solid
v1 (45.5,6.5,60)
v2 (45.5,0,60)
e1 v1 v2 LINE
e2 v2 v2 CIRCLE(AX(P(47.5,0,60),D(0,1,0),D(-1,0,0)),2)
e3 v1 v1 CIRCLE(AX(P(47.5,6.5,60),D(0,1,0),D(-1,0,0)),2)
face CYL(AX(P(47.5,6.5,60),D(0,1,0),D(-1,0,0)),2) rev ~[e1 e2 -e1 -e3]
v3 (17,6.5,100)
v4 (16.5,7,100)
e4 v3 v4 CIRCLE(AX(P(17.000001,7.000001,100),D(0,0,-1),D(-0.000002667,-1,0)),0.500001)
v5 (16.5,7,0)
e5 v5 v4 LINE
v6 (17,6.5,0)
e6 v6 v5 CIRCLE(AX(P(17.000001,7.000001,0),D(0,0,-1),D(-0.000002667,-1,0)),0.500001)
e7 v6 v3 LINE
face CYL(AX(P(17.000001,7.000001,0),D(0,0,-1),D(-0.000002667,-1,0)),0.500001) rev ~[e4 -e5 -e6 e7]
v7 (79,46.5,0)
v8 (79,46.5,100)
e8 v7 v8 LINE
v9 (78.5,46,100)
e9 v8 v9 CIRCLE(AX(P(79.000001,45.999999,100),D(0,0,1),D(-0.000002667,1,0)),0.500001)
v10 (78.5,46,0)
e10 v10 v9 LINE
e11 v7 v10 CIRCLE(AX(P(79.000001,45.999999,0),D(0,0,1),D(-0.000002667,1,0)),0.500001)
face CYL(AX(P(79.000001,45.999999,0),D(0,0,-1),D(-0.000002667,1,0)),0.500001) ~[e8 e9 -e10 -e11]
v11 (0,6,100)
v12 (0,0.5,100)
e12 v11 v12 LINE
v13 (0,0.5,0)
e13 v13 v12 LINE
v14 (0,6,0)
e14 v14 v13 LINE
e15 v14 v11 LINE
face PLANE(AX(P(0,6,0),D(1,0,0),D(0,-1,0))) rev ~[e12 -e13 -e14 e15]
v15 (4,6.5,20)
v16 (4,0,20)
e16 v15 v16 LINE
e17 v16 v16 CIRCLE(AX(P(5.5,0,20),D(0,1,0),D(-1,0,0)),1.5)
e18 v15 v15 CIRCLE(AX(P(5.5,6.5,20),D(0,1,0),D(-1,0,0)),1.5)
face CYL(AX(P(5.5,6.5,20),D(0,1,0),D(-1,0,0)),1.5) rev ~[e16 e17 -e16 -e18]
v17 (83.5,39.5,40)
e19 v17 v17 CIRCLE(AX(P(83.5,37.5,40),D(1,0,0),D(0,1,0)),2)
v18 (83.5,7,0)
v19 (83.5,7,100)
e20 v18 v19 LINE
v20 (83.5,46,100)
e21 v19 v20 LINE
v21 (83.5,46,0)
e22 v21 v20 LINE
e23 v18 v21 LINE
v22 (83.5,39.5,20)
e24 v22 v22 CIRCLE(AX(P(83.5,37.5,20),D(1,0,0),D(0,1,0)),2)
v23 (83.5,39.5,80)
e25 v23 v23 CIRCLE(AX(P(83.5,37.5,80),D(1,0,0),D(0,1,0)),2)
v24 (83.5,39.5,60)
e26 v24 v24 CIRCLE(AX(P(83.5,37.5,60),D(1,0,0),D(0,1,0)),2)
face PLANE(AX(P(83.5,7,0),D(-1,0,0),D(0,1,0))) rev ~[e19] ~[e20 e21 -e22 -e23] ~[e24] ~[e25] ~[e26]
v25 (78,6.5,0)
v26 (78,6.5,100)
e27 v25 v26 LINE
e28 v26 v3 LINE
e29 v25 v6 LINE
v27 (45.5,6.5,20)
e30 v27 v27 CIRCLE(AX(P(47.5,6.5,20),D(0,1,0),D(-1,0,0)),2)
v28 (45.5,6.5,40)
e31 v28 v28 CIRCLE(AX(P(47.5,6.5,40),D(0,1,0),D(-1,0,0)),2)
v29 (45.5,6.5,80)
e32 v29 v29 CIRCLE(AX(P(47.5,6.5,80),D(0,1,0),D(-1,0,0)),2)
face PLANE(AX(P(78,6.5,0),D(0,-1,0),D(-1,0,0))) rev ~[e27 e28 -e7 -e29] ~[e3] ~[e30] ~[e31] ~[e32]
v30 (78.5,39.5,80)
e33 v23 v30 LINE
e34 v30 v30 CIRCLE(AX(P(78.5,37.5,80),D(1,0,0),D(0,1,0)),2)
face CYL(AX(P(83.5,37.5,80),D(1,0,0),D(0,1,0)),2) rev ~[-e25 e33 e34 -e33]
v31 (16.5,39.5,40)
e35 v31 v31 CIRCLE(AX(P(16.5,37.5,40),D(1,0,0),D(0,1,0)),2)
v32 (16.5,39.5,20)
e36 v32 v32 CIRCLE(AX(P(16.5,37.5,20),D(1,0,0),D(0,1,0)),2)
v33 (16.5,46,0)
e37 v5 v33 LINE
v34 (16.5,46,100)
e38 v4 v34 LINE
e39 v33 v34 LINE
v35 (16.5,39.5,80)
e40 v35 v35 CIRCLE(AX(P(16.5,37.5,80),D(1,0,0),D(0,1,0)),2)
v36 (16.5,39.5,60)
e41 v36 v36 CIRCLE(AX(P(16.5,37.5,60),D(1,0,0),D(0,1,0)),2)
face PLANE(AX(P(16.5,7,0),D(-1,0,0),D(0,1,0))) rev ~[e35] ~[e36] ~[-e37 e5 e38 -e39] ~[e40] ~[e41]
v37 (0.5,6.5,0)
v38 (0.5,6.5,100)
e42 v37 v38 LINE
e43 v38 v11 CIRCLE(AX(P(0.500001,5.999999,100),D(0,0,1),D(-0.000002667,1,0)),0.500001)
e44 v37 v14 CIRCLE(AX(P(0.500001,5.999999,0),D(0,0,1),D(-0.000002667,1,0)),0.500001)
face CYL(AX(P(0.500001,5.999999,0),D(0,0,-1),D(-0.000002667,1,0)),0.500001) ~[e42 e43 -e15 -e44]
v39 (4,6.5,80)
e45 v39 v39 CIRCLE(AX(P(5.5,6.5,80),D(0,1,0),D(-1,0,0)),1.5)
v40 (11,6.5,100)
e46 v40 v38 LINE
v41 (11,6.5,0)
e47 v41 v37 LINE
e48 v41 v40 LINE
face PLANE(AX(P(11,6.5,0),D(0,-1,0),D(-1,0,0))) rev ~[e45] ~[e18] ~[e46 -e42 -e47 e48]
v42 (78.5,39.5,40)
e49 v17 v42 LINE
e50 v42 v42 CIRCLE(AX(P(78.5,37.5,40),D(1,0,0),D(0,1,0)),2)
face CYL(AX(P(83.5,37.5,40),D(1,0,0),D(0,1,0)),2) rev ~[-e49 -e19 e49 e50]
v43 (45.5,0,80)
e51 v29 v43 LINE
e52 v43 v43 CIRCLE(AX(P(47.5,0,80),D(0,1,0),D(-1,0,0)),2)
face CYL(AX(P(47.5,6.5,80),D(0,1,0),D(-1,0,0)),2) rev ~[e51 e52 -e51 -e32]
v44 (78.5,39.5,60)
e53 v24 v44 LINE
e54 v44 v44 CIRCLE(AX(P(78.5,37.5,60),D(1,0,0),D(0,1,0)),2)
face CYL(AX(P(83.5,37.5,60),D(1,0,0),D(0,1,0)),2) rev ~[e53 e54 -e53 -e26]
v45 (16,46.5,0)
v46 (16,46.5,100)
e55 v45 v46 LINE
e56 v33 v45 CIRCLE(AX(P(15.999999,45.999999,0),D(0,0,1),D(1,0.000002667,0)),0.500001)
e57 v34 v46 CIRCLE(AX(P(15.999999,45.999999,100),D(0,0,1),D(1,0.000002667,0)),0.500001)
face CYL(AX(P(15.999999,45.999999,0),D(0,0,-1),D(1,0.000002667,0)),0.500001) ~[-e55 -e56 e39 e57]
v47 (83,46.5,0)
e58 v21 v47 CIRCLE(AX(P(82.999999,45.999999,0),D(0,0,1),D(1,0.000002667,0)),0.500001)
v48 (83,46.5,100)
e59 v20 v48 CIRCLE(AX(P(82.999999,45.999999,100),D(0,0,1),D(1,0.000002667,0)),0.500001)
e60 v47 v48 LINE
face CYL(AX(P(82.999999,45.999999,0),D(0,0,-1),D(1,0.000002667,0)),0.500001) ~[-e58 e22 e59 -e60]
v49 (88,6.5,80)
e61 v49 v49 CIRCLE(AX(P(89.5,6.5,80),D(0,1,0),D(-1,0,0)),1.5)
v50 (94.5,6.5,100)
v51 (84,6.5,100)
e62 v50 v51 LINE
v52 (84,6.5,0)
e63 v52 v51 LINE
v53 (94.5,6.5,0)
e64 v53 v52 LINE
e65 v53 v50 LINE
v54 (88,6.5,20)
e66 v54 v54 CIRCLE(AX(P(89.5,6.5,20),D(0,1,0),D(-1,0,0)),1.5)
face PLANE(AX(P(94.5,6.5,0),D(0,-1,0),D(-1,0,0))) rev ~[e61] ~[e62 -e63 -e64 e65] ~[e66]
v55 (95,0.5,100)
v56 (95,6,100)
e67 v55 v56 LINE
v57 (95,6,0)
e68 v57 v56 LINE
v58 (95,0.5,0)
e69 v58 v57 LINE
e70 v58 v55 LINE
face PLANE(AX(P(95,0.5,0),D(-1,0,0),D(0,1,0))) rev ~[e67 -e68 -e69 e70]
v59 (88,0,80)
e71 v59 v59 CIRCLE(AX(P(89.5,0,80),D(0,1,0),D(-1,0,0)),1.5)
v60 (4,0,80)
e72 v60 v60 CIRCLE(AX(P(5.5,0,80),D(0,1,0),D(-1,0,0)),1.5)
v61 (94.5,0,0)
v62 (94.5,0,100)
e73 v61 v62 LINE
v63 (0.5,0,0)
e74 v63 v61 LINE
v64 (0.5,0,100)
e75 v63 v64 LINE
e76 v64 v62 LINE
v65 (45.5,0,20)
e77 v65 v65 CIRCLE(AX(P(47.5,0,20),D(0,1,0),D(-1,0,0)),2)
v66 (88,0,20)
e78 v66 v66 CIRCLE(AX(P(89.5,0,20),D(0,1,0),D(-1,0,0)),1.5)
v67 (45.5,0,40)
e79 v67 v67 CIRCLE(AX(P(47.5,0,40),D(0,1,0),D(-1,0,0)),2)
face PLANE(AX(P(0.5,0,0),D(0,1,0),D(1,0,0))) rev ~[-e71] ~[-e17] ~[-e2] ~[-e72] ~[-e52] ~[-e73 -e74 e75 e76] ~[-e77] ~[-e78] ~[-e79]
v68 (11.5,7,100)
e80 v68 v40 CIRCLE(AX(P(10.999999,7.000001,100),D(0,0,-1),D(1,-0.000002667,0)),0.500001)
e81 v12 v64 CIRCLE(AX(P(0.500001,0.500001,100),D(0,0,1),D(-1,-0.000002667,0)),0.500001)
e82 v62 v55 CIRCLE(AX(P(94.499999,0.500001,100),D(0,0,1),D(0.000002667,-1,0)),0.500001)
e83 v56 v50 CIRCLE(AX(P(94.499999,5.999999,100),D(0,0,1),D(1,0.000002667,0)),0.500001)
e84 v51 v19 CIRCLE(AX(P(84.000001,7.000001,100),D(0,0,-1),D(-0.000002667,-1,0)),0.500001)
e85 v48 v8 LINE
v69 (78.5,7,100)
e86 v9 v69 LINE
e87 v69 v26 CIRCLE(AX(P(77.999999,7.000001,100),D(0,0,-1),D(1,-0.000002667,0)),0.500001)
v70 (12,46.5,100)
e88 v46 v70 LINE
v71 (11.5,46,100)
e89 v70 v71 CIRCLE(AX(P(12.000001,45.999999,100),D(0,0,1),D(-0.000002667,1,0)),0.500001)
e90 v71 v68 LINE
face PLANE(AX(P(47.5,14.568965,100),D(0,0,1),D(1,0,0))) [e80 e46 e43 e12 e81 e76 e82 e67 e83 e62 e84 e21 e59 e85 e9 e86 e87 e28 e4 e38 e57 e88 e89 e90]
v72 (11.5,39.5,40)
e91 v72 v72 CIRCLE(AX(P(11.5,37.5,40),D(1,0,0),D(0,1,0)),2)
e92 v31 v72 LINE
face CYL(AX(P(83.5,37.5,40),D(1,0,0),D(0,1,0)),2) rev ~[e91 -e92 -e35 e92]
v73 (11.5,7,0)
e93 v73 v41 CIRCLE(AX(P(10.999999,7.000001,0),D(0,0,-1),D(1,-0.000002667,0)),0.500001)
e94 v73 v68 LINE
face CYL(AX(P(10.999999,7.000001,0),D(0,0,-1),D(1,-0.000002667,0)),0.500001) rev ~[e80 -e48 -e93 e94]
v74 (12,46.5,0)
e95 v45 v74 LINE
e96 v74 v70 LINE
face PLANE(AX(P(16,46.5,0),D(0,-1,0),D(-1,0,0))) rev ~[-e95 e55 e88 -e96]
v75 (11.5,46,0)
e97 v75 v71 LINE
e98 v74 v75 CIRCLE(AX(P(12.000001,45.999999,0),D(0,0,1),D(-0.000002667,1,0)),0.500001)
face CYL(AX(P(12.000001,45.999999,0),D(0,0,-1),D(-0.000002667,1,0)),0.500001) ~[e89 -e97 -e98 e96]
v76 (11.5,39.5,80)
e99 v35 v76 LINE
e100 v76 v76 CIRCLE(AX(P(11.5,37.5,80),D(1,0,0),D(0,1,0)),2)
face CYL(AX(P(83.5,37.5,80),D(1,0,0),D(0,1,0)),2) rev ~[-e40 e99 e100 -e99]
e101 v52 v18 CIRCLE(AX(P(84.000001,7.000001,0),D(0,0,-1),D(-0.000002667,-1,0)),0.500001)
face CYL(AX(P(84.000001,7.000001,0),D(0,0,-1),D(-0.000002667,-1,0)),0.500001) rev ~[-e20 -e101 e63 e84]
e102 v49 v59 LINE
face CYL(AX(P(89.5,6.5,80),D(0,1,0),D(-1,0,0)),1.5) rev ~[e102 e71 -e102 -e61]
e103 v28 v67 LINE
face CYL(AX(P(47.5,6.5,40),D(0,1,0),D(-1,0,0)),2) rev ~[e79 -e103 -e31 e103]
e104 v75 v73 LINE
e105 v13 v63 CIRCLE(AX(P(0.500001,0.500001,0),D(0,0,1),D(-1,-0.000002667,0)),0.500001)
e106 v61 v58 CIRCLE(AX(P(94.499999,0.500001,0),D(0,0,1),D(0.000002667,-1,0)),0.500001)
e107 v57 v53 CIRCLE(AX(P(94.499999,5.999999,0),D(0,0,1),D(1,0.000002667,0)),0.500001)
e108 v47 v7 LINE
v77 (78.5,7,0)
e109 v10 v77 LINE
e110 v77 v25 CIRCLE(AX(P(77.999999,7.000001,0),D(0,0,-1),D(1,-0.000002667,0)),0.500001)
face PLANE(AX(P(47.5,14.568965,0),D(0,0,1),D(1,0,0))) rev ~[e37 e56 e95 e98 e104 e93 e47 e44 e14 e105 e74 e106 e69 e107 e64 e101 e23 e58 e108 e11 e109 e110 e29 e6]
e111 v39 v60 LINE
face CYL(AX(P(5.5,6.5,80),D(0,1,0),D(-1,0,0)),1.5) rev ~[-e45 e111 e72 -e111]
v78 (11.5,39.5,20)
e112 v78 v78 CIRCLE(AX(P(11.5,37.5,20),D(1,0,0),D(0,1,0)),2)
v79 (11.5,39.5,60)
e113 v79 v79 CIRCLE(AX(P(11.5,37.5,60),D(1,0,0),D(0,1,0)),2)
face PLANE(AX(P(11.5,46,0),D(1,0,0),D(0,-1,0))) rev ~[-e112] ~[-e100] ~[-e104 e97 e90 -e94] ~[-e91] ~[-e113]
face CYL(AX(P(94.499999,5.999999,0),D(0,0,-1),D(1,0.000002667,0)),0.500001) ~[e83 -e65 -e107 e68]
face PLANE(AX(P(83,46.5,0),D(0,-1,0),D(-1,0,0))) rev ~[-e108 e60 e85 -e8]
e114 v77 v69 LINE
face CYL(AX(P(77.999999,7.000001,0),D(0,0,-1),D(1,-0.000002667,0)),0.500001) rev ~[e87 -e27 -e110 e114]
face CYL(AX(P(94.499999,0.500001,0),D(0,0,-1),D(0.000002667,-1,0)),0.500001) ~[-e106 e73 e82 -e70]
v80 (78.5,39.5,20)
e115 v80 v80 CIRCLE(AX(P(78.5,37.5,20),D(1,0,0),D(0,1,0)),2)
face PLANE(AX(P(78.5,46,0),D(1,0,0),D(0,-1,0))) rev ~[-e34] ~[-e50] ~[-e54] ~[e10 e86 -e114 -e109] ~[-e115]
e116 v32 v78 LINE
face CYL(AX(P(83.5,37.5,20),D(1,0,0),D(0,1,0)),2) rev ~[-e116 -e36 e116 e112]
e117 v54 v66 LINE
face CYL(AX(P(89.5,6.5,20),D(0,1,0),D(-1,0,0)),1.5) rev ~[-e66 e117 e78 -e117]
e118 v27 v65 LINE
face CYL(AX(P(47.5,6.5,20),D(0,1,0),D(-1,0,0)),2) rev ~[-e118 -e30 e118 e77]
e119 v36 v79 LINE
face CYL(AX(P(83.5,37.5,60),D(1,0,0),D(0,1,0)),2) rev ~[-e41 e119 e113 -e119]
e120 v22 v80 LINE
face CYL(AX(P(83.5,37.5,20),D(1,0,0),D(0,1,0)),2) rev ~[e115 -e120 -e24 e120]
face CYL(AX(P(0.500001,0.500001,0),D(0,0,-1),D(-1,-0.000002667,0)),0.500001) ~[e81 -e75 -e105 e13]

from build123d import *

# Parameters (mm, degrees)
F1_DEPTH = 100
F2_R     = 2
F3_DEPTH = 72
F4_R     = 2
F4_R_2   = 1.5
F5_DEPTH = 6.5


with BuildPart() as f1:
    # F0 (on Top) → F1 (new body)
    with BuildSketch(Plane.XY):
        with BuildLine():
            ThreePointArc((0, 0.5), (0.146447, 0.146447), (0.5, 0))
            Line((0.5, 0), (94.5, 0))
            ThreePointArc((94.5, 0), (94.853553, 0.146447), (95, 0.5))
            Line((95, 0.5), (95, 6))
            ThreePointArc((95, 6), (94.853553, 6.353553), (94.5, 6.5))
            Line((94.5, 6.5), (84, 6.5))
            ThreePointArc((84, 6.5), (83.646447, 6.646447), (83.5, 7))
            Line((83.5, 7), (83.5, 46))
            ThreePointArc((83.5, 46), (83.353553, 46.353553), (83, 46.5))
            Line((83, 46.5), (79, 46.5))
            ThreePointArc((79, 46.5), (78.646447, 46.353553), (78.5, 46))
            Line((78.5, 46), (78.5, 7))
            ThreePointArc((78.5, 7), (78.353553, 6.646447), (78, 6.5))
            Line((78, 6.5), (17, 6.5))
            ThreePointArc((17, 6.5), (16.646447, 6.646447), (16.5, 7))
            Line((16.5, 7), (16.5, 46))
            ThreePointArc((16.5, 46), (16.353553, 46.353553), (16, 46.5))
            Line((16, 46.5), (12, 46.5))
            ThreePointArc((12, 46.5), (11.646447, 46.353553), (11.5, 46))
            Line((11.5, 46), (11.5, 7))
            ThreePointArc((11.5, 7), (11.353553, 6.646447), (11, 6.5))
            Line((11, 6.5), (0.5, 6.5))
            ThreePointArc((0.5, 6.5), (0.146447, 6.353553), (0, 6))
            Line((0, 6), (0, 0.5))
        make_face()
    extrude(amount=F1_DEPTH)

    # F2 (on face) → F3 (cut, through all)
    with BuildSketch(Plane.YZ.offset(83.5)):
        with Locations((37.5, 80)):
            Circle(F2_R)
        with Locations((37.5, 60)):
            Circle(F2_R)
        with Locations((37.5, 40)):
            Circle(F2_R)
        with Locations((37.5, 20)):
            Circle(F2_R)
    extrude(amount=-F3_DEPTH, mode=Mode.SUBTRACT)

    # F4 (on face) → F5 (cut, through all)
    with BuildSketch(Plane(origin=(0, 6.5, 0), x_dir=(-1, 0, 0), z_dir=(0, 1, 0))):
        with Locations((-47.5, 80)):
            Circle(F4_R)
        with Locations((-47.5, 60)):
            Circle(F4_R)
        with Locations((-47.5, 40)):
            Circle(F4_R)
        with Locations((-47.5, 20)):
            Circle(F4_R)
        with Locations((-5.5, 80)):
            Circle(F4_R_2)
        with Locations((-5.5, 20)):
            Circle(F4_R_2)
        with Locations((-89.5, 80)):
            Circle(F4_R_2)
        with Locations((-89.5, 20)):
            Circle(F4_R_2)
    extrude(amount=-F5_DEPTH, mode=Mode.SUBTRACT)


solid = f1.part
